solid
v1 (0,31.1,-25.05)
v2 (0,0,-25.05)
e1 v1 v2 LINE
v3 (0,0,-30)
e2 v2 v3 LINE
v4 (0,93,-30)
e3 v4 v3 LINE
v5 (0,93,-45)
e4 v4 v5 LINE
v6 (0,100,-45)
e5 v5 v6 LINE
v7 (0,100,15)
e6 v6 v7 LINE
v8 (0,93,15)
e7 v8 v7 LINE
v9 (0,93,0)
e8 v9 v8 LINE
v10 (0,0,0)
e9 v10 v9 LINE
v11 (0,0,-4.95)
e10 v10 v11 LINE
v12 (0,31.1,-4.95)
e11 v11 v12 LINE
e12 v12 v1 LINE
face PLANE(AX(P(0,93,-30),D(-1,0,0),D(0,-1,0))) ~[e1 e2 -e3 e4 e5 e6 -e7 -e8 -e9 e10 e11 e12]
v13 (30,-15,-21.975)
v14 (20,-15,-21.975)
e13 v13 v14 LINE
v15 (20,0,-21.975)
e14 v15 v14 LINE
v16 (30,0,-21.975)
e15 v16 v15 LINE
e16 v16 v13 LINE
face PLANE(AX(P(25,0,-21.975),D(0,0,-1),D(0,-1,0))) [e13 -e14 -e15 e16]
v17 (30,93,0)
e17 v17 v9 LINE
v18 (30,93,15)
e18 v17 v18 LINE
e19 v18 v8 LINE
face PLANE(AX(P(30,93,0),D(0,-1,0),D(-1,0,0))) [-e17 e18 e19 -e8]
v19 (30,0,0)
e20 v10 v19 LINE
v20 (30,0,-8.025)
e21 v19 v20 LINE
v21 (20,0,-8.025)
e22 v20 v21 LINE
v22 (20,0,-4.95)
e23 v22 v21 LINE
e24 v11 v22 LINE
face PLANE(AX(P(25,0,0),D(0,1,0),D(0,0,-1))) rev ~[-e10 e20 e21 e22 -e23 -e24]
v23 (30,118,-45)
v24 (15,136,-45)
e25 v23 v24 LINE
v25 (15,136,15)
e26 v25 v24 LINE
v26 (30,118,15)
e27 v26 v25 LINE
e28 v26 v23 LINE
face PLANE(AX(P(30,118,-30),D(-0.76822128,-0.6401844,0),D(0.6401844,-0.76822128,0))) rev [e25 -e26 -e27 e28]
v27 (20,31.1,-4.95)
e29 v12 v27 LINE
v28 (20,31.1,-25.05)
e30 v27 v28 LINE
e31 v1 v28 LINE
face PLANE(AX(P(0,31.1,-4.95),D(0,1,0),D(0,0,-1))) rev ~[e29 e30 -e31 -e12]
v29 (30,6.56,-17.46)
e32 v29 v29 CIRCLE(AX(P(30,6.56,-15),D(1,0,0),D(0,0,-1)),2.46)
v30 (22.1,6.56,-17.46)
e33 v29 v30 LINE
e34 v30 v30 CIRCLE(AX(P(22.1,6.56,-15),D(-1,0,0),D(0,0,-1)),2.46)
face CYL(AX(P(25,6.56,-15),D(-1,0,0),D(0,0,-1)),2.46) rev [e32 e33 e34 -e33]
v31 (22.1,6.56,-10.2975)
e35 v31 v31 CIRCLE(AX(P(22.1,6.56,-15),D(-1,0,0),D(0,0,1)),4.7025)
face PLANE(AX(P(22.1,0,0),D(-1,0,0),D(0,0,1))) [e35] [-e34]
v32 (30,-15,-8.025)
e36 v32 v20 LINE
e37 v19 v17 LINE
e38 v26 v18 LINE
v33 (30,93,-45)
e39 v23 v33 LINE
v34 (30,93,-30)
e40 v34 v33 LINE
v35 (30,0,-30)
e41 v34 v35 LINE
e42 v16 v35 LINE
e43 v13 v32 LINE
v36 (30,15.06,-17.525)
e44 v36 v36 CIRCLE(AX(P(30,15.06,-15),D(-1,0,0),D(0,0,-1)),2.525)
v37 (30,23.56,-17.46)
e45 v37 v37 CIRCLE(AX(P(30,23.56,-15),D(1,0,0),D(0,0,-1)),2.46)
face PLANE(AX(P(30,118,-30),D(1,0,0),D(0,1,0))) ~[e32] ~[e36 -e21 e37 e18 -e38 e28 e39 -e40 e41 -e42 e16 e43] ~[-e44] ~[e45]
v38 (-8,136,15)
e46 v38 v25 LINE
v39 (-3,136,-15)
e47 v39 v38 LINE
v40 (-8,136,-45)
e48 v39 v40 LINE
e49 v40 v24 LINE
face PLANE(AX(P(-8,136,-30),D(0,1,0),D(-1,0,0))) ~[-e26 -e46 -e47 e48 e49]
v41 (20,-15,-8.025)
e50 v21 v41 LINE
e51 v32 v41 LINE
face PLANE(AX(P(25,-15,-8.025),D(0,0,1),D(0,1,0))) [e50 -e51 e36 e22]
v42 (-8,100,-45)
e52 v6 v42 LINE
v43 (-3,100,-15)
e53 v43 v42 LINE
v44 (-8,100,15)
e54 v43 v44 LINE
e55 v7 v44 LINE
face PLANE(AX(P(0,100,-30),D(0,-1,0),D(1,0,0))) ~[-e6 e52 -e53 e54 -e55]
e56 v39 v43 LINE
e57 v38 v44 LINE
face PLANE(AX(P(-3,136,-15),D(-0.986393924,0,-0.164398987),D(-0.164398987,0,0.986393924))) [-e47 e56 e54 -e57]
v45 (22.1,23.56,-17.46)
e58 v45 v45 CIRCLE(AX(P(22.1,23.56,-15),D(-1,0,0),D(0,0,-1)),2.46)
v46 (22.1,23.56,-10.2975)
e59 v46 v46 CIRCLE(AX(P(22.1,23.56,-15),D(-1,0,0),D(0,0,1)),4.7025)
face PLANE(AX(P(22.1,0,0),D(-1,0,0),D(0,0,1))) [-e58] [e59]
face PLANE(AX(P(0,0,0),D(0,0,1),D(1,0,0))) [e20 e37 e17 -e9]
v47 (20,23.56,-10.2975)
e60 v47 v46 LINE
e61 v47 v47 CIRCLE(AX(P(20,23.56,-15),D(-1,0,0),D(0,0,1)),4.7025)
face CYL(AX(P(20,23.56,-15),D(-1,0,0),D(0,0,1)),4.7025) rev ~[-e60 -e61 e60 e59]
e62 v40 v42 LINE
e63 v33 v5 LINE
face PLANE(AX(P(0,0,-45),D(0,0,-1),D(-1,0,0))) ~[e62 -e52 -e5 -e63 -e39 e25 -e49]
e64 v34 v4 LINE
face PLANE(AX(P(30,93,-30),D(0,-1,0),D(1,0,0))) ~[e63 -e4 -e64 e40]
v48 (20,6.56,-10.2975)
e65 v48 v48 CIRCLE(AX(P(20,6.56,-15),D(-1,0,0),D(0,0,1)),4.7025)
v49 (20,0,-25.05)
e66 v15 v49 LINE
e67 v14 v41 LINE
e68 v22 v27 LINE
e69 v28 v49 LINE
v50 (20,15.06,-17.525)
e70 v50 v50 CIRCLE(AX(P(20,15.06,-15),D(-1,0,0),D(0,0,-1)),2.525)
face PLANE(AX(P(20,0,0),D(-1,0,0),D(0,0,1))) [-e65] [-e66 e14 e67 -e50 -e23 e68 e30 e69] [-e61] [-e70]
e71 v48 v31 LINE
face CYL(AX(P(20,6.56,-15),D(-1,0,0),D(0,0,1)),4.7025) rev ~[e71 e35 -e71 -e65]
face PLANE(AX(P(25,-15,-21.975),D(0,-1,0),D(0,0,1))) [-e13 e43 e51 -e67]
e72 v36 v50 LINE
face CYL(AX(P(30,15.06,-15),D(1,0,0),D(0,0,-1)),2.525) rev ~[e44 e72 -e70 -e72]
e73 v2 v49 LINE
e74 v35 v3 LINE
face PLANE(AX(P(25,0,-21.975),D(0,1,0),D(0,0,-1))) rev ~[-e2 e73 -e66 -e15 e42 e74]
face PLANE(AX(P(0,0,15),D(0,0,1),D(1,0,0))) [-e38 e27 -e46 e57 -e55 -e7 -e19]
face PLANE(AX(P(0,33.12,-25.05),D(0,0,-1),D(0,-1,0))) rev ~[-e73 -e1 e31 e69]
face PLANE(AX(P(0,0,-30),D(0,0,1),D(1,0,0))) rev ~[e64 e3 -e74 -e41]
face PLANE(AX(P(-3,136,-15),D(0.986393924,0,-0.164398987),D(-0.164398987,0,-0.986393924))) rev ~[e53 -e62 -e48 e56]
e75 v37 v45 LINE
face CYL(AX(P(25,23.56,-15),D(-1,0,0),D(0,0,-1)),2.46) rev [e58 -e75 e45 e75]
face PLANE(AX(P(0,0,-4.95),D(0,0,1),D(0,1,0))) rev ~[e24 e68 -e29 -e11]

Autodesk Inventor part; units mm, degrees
ref_plane "YZ Plane" through (0, 0, 0) normal (1, 0, 0) x (0, 1, 0)
ref_plane "XZ Plane" through (0, 0, 0) normal (0, 1, 0) x (-1, 0, 0)
sketch "Sketch1" plane through (0, 0, 0) normal (0, 0, 1) x (1, 0, 0)
  line L0 (0, 0) -> (25, 0)
  line L1 (25, 0) -> (25, 40)
  line L2 (25, 40) -> (0, 40)
  line L3 (0, 40) -> (0, 0)
  dimension "d1" = 25
  dimension "d2" = 40
  dimension "d3" = 25
extrude "Extrusion1" add sketch "Sketch1" against normal blind 30
sketch "Sketch2" plane through (25, 0, 0) normal (1, 0, 0) x (0, 0, -1)
  line L0 (0, 0) -> (30, 0) projected
  circle A0 centre (15, 6.56) radius 2.46
extrude "Extrusion2" cut sketch "Sketch2" against normal blind 30
sketch "Sketch3" plane through (0, 0, 0) normal (-1, 0, 0) x (0, 0, 1)
  line L0 (0, 0) -> (-30, 0) projected
  line L1 (-25.05, 0) -> (-4.95, 0)
  line L2 (-4.95, 0) -> (-4.95, 33.12)
  line L3 (-4.95, 33.12) -> (-25.05, 33.12)
  line L4 (-25.05, 33.12) -> (-25.05, 0)
  dimension "d11" = 20.1
extrude "Extrusion3" cut sketch "Sketch3" against normal blind 20
sketch "Sketch4" plane through (0, 0, 0) normal (0, -1, 0) x (1, 0, 0)
  line L0 (20, -4.95) -> (20, -25.05) projected
  line L1 (20, -15) -> (25, -15)
  line L2 (25, 0) -> (25, -30) projected
  line L3 (20, -8.025) -> (25, -8.025)
  line L4 (25, -8.025) -> (25, -21.975)
  line L5 (25, -21.975) -> (20, -21.975)
  line L6 (20, -21.975) -> (20, -8.025)
  line L7 (20, -8.025) -> (25, -21.975) construction
  line L8 (25, -8.025) -> (20, -21.975) construction
  line L9 (25, -12.54) -> (25, -17.46) projected
  point P0 (0, 0)
  point P1 (22.5, -15)
  dimension "d14" = 13.95
extrude "Extrusion4" add sketch "Sketch4" along normal blind 15
sketch "Sketch5" plane through (20, 0, 0) normal (-1, 0, 0) x (0, 0, 1)
  circle A0 centre (-15, 6.56) radius 2.46 projected
  circle A1 centre (-15, 6.56) radius 4.7025
  circle A2 centre (-15, 6.56) radius 2.46 projected
  circle A3 centre (-15, 6.56) radius 2.46
  point P0 (0, 0)
  dimension "d17" = 9.405
extrude "Extrusion5" cut sketch "Sketch5" against normal blind 2.1
sketch "Sketch6" plane through (25, 0, 0) normal (1, 0, 0) x (0, 0, -1)
  circle A0 centre (15, 6.56) radius 4.7025 projected
  line L0 (15, 6.56) -> (15, 23.56)
  circle A1 centre (15, 23.56) radius 2.46
  point P0 (0, 0)
  dimension "d20" = 17
  dimension "d21" = 4.92
extrude "Extrusion6" cut sketch "Sketch6" against normal blind 10 contours A1
sketch "Sketch7" plane through (20, 0, 0) normal (-1, 0, 0) x (0, 0, 1)
  circle A0 centre (-15, 23.56) radius 2.46 projected
  circle A1 centre (-15, 23.56) radius 4.7025
  point P0 (0, 0)
  dimension "d24" = 9.405
extrude "Extrusion7" cut sketch "Sketch7" against normal blind 2.1
sketch "Sketch9" plane through (25, 0, 0) normal (1, 0, 0) x (0, 0, -1)
  circle A0 centre (15, 6.56) radius 2.46 projected
  circle A1 centre (15, 6.56) radius 2.46
  circle A2 centre (15, 23.56) radius 2.46 projected
  circle A3 centre (15, 23.56) radius 2.46
  line L0 (30, 40) -> (30, 0) projected
  line L1 (30, 0) -> (30, 40)
  line L2 (30, 40) -> (0, 40)
  line L3 (0, 40) -> (0, 0)
  line L4 (0, 0) -> (8.025, 0) projected
  line L5 (21.975, 0) -> (21.975, -15)
  line L6 (21.975, -15) -> (8.025, -15)
  line L7 (8.025, -15) -> (8.025, 0)
  line L8 (0, 0) -> (8.025, 0)
  line L9 (21.975, 0) -> (30, 0)
extrude "Extrusion8" add sketch "Sketch9" along normal blind 5
sketch "Sketch10" plane through (0, 40, 0) normal (0, 1, 0) x (1, 0, 0)
  line L0 (0, 30) -> (30, 30) projected
  line L1 (30, 0) -> (0, 0) projected
  line L2 (0, 30) -> (30, 30)
  line L3 (30, 30) -> (30, 0)
  line L4 (30, 0) -> (0, 0)
  line L5 (0, 0) -> (0, 30)
extrude "Extrusion9" add sketch "Sketch10" along normal blind 30
sketch "Sketch12" plane through (30, 0, 0) normal (1, 0, 0) x (0, 0, -1)
  circle A0 centre (15, 6.56) radius 2.46 projected
  line L0 (15, 6.56) -> (15, 15.06)
  circle A1 centre (15, 15.06) radius 2.525
  point P0 (0, 0)
  dimension "d31" = 8.5
  dimension "d33" = 5.05
extrude "Extrusion10" cut sketch "Sketch12" against normal blind 30 contours A1
sketch "Sketch14" plane through (0, 0, 0) normal (0, 0, 1) x (1, 0, 0)
  line L0 (30, 70) -> (0, 70) projected
  line L1 (0, 100) -> (-8, 100)
  line L2 (30, 0) -> (30, 70) projected
  line L3 (30, 118) -> (30, 70)
  line L4 (30, 105) -> (30, 100)
  line L5 (0, 70) -> (30, 70) projected
  line L6 (0, 70) -> (0, 100)
  line L7 (15, 136) -> (30, 118)
  line L8 (-8, 136) -> (15, 136)
  line L9 (-8, 100) -> (-8, 136)
  point P0 (0, 0)
  dimension "d47" = 30
extrude "Extrusion12" add sketch "Sketch14" against normal blind 30
sketch "Sketch15" plane through (0, 0, -25.05) normal (-1, 0, 0) x (0, 0, 1)
  line L0 (0, 33.12) -> (20.1, 33.12) projected
  line L1 (20.1, 33.12) -> (20.1, 0) projected
  line L2 (0, 33.12) -> (20.1, 33.12)
  line L3 (20.1, 33.12) -> (20.1, 31.1)
  line L4 (20.1, 31.1) -> (0, 31.1)
  line L5 (0, 31.1) -> (0, 33.12)
  point P0 (25.05, 0)
  dimension "d57" = 2.02
extrude "Extrusion13" add sketch "Sketch15" against normal blind 20
sketch "Sketch23" plane through (0, 0, 0) normal (0, 0, 1) x (1, 0, 0)
  line L0 (0, 100) -> (-8, 100) projected
  line L1 (-8, 136) -> (15, 136) projected
  line L2 (-8, 136) -> (15, 136)
  line L3 (30, 118) -> (15, 136) projected
  line L4 (15, 136) -> (30, 118)
  line L5 (30, 118) -> (30, 93)
  line L6 (30, 0) -> (30, 118) projected
  line L7 (30, 93) -> (0, 93)
  line L8 (0, 93) -> (0, 100)
  line L9 (-8, 100) -> (0, 100)
  line L10 (15, 136) -> (-8, 136) projected
  line L11 (-8, 136) -> (-8, 100)
  point P0 (0, 0)
  point P1 (-2, 102)
  point P2 (4, 118)
  point P3 (-2, 134)
  dimension "d85" = 25
extrude "Extrusion14" add sketch "Sketch23" along normal blind 15
ref_plane "Work Plane1" through (0, 0, -15) normal (0, 0, 1) x (1, 0, 0)
mirror "Mirror1" about plane through (0, 0, -15) normal (0, 0, 1) of "Extrusion14"
sketch "Sketch30" plane through (-8, 136, 15) normal (0, 1, 0) x (1, 0, 0)
  line L0 (0, 60) -> (0, 0) projected
  line L1 (0, 30) -> (5, 30)
  line L2 (5, 30) -> (0, 0)
  line L3 (5, 30) -> (0, 60)
  line L4 (0, 60) -> (0, 0)
  point P0 (8, 15)
  dimension "d105" = 5
extrude "Extrusion18" cut sketch "Sketch30" against normal through all
properties part number "orien_b_50mm"
